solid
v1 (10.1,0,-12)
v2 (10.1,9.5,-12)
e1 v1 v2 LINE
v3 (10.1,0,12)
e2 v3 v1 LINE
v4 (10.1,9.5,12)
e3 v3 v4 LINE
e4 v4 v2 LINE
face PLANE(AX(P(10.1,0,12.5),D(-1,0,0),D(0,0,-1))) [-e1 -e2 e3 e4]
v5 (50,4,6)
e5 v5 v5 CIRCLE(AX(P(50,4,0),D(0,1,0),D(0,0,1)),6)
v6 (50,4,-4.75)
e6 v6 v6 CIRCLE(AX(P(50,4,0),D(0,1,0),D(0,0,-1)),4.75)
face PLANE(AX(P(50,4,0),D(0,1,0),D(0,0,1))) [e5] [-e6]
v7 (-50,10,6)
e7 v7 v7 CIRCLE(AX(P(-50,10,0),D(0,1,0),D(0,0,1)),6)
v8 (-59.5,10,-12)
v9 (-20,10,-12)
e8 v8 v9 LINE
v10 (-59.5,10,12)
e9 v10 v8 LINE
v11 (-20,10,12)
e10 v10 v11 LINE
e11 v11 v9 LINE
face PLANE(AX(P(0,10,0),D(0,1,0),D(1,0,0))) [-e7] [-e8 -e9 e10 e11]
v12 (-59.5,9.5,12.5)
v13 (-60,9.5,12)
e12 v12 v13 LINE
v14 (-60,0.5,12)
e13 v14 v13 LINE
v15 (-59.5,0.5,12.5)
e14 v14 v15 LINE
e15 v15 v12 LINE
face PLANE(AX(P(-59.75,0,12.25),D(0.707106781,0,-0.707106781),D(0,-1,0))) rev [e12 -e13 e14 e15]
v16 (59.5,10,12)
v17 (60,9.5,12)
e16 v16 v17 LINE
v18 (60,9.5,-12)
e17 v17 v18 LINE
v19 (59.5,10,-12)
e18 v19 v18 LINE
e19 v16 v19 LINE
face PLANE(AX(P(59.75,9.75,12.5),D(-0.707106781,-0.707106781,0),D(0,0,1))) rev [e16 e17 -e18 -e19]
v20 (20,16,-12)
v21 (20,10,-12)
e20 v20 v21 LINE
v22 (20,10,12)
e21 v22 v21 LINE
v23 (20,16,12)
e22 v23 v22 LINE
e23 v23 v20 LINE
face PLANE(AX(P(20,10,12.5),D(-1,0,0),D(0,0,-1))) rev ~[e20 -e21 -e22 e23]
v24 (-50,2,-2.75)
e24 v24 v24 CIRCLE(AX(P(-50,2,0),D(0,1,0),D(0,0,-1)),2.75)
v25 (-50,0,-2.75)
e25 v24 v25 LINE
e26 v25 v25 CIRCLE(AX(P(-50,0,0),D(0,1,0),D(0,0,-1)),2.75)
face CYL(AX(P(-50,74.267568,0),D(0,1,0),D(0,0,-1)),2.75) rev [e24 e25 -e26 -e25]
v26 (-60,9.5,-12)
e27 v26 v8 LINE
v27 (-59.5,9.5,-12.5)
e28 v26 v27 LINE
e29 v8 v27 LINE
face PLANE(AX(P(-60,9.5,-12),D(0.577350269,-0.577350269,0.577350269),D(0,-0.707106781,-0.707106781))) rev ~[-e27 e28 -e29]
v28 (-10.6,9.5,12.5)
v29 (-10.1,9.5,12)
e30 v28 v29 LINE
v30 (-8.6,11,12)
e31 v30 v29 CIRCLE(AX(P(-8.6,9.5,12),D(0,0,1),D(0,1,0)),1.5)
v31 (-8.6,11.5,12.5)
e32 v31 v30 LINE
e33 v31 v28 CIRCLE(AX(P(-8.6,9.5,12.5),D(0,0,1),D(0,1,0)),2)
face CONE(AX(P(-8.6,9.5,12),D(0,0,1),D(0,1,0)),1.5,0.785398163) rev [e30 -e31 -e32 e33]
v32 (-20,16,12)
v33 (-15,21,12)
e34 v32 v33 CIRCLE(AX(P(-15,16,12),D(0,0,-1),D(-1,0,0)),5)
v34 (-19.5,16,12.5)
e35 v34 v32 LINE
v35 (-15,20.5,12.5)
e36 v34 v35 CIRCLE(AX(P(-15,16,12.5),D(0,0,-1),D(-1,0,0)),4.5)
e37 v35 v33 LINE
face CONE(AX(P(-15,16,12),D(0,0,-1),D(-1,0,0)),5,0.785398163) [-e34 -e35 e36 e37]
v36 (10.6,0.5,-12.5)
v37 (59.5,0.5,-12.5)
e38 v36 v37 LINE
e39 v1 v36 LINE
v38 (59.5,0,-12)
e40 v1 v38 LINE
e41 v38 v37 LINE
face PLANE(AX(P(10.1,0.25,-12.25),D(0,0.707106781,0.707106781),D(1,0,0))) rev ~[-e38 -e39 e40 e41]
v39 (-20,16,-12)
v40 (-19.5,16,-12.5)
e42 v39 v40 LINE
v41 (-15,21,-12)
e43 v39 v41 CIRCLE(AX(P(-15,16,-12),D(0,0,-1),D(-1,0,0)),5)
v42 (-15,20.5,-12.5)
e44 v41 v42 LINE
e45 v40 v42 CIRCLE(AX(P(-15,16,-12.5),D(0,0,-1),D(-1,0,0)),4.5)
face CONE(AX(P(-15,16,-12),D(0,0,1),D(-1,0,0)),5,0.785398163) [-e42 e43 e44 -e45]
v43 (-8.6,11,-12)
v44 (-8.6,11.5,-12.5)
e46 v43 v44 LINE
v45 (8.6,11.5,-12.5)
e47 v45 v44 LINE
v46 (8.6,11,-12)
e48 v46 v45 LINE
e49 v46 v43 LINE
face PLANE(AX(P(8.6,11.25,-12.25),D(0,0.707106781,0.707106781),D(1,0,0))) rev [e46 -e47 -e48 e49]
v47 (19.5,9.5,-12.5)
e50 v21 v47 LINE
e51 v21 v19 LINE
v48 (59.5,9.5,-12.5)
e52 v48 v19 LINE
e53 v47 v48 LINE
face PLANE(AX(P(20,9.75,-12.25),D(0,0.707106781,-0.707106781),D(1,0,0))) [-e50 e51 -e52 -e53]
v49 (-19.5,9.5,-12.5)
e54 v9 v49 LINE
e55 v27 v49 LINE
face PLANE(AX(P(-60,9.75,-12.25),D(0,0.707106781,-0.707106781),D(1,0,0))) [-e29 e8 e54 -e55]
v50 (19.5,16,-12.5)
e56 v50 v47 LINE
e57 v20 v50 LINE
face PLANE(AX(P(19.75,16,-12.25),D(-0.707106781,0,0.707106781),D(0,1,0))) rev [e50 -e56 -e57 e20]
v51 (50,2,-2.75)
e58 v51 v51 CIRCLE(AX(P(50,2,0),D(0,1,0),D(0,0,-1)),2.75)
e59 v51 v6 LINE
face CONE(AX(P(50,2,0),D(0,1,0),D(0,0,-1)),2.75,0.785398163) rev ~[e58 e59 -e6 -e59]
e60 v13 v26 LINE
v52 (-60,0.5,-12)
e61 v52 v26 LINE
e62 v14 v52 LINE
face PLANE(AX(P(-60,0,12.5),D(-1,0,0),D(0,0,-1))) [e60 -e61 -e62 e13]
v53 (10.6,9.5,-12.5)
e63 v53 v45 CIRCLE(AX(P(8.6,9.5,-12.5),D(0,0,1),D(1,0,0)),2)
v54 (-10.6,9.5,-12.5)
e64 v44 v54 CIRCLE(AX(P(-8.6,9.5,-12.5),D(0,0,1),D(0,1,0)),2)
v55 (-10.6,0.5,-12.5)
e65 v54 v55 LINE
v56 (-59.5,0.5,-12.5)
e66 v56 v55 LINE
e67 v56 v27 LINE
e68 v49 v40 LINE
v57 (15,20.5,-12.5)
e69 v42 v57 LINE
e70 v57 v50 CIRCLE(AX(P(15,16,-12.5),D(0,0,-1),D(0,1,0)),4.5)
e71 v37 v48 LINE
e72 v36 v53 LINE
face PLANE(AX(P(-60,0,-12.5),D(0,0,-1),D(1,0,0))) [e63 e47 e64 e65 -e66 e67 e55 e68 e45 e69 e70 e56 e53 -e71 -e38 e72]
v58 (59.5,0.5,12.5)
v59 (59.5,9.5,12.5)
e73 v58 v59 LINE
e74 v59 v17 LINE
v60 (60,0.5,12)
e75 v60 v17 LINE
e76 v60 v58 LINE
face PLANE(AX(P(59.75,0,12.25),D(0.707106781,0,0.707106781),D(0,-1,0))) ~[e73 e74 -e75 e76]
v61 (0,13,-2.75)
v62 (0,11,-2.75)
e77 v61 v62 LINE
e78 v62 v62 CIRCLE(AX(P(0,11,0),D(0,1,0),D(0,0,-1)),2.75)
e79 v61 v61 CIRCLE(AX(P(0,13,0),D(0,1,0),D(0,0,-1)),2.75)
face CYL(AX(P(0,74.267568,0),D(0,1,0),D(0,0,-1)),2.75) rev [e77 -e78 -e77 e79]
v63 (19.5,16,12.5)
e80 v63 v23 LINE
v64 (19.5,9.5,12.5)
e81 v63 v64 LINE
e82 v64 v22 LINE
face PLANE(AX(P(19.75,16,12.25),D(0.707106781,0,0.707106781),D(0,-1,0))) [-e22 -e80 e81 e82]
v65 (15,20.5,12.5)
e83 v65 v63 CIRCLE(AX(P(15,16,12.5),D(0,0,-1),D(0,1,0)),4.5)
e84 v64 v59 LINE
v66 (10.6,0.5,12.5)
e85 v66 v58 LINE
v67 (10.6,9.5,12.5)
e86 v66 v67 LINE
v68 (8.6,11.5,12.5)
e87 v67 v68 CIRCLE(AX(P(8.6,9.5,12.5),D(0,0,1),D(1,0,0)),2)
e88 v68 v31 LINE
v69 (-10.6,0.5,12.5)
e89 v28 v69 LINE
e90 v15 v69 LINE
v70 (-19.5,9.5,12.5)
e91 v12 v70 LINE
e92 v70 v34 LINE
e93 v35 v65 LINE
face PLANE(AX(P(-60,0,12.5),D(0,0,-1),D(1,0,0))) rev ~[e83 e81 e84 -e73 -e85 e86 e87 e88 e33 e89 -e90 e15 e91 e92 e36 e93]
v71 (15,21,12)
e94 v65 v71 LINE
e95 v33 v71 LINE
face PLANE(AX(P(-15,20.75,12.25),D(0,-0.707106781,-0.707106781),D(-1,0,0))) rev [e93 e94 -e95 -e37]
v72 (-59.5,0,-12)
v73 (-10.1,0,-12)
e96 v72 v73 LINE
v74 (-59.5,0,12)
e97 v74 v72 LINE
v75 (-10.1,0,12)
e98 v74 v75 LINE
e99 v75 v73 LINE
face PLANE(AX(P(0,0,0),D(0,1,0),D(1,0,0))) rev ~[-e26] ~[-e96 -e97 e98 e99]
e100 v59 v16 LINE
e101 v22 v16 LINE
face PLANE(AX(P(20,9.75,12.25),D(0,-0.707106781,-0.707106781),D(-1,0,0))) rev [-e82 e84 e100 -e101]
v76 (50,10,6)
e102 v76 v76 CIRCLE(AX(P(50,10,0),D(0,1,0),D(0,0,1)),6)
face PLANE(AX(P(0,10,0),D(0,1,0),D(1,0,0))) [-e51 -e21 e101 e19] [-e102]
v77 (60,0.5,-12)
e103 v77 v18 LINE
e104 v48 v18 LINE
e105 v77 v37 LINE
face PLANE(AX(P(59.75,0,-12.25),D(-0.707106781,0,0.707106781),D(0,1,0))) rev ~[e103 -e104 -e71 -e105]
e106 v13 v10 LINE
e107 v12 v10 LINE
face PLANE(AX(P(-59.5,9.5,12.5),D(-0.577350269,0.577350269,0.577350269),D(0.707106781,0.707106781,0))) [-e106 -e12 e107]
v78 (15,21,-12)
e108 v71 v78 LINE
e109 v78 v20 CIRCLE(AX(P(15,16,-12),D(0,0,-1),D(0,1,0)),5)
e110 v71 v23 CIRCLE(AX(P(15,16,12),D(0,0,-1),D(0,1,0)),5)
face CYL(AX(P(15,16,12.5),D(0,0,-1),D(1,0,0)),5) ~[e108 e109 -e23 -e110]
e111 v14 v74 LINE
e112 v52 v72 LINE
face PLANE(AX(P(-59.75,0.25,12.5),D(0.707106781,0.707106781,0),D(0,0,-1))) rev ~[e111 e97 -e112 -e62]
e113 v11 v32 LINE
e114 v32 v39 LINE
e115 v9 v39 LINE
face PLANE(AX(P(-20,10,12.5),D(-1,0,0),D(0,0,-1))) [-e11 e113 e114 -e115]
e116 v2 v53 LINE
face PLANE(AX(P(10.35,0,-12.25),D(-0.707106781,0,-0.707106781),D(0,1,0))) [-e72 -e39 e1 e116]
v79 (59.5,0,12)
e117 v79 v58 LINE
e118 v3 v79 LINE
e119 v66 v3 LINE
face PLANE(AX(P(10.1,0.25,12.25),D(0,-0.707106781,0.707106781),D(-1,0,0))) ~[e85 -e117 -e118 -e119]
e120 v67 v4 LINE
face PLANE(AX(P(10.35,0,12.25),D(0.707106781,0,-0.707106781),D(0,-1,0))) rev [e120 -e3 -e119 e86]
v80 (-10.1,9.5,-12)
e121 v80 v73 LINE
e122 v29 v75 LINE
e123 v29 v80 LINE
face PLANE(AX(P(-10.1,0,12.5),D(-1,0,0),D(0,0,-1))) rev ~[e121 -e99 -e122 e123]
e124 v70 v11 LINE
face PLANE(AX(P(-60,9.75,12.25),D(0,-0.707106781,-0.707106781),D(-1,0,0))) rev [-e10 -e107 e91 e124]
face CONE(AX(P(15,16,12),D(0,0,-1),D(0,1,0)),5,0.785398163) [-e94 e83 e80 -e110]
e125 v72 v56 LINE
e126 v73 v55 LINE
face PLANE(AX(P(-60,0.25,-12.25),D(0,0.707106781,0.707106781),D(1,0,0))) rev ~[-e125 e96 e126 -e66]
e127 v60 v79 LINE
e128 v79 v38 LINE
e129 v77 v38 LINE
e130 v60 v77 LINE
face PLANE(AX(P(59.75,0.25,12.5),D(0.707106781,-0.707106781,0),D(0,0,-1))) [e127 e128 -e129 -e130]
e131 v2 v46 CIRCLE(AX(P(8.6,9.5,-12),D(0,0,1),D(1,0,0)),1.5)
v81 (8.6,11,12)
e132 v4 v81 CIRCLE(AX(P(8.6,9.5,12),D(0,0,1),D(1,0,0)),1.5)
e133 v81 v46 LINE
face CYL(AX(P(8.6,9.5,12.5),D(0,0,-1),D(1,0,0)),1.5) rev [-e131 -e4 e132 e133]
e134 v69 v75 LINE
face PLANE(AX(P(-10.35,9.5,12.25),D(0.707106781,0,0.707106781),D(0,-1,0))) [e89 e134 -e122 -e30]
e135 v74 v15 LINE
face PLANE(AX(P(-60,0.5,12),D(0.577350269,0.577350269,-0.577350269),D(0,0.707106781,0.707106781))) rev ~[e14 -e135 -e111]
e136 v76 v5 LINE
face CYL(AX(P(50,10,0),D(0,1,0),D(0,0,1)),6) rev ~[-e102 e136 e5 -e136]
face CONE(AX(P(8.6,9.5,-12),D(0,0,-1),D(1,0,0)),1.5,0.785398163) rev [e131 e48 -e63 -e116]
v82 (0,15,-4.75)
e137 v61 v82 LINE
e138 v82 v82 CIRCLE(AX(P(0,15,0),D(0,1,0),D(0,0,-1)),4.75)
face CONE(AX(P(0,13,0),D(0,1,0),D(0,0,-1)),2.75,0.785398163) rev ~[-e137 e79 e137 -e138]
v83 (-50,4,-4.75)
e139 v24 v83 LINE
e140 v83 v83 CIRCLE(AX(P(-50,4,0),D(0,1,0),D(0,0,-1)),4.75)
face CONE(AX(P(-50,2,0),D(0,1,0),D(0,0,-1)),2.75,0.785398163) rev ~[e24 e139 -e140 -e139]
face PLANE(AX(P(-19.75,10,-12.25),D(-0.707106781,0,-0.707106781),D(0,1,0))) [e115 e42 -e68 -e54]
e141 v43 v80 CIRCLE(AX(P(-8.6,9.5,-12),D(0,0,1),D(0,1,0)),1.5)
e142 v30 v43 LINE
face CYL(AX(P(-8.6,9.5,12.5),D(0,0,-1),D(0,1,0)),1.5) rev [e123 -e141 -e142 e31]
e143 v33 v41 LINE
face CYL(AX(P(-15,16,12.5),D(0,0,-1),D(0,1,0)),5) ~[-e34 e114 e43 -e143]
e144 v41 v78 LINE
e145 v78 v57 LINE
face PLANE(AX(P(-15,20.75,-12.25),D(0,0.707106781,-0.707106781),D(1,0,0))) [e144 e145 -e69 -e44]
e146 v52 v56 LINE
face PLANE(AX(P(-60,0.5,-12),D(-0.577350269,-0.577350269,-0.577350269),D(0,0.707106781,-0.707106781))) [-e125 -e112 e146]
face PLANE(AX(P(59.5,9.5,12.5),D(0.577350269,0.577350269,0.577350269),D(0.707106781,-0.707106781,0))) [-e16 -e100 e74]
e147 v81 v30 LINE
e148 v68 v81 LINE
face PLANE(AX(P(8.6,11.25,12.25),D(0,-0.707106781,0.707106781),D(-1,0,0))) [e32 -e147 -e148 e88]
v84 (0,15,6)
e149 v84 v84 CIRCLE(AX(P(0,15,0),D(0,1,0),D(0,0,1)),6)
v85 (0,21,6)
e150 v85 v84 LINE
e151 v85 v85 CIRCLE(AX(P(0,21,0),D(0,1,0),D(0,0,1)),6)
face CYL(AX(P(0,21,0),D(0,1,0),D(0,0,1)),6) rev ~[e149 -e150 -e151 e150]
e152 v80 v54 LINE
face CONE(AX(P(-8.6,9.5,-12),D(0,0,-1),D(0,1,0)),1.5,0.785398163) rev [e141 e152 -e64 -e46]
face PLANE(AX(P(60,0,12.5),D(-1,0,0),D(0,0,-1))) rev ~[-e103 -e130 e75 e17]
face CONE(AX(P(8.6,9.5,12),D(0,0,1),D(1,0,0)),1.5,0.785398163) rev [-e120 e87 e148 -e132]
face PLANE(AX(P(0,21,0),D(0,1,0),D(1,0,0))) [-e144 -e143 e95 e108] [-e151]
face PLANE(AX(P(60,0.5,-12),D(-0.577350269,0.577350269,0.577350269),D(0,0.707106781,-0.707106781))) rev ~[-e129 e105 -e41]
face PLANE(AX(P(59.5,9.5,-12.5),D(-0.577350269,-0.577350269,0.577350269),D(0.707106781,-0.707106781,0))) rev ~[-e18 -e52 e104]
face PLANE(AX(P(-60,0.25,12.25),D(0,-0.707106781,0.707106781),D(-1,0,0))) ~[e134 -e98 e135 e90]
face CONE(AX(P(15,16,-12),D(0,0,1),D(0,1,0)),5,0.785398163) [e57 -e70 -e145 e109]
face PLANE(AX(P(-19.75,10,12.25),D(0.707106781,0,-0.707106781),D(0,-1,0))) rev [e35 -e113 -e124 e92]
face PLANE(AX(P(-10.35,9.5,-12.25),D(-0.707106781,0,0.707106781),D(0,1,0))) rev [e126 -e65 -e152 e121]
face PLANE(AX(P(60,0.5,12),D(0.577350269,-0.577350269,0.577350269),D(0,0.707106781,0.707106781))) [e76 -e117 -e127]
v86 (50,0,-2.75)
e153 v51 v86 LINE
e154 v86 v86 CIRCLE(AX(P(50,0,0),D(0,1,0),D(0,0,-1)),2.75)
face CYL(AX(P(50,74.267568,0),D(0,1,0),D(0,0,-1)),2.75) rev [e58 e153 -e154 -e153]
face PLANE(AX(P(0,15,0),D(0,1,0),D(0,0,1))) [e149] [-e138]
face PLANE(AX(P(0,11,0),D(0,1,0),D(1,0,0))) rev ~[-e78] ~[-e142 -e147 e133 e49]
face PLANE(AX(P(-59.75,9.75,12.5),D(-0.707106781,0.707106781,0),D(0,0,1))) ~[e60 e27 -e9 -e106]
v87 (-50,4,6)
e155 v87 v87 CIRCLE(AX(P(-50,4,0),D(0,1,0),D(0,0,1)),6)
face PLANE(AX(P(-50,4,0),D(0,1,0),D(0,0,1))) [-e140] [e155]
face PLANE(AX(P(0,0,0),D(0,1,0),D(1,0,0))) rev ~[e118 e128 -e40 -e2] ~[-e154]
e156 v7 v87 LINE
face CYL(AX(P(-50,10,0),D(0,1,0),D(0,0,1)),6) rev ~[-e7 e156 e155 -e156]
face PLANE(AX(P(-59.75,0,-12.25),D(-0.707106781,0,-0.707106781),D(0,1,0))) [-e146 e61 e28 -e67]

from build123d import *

# Parameters (mm, degrees)
SKETCH1_W               = 120
SKETCH1_H               = 25
BOSS_EXTRUDE1_DEPTH     = 10
SKETCH2_W               = 40
SKETCH2_H               = 25
BOSS_EXTRUDE2_DEPTH     = 11
SKETCH3_W               = 20.2
SKETCH3_H               = 25
CUT_EXTRUDE1_DEPTH      = 11
CUT_EXTRUDE2_DEPTH      = 63.267567802
CUT_EXTRUDE2_DEPTH_BACK = 63.267567802
SKETCH4_R               = 2.75
FILLET1_R               = 5
FILLET2_R               = 1.5
CHAMFER1_SIZE           = 0.5
SKETCH5_R               = 6
CUT_EXTRUDE3_DEPTH      = 6
CHAMFER2_SIZE           = 2
SKETCH6_R               = 6
CUT_EXTRUDE4_DEPTH      = 6
CHAMFER3_SIZE           = 2


with BuildPart() as part:
    # Sketch1 → Boss-Extrude1 (new body)
    with BuildSketch(Plane(origin=(0, 0, 0), x_dir=(1, 0, 0), z_dir=(0, 1, 0))):
        Rectangle(SKETCH1_W, SKETCH1_H)
    extrude(amount=BOSS_EXTRUDE1_DEPTH)

    # Sketch2 → Boss-Extrude2 (add)
    with BuildSketch(Plane(origin=(0, 10, 0), x_dir=(1, 0, 0), z_dir=(0, 1, 0))):
        Rectangle(SKETCH2_W, SKETCH2_H)
    extrude(amount=BOSS_EXTRUDE2_DEPTH)

    # Sketch3 → Cut-Extrude1 (cut)
    with BuildSketch(Plane(origin=(0, 0, 0), x_dir=(1, 0, 0), z_dir=(0, 1, 0))):
        Rectangle(SKETCH3_W, SKETCH3_H)
    extrude(amount=CUT_EXTRUDE1_DEPTH, mode=Mode.SUBTRACT)

    # Sketch4 → Cut-Extrude2 (cut, two sides: drawn at the far end of the back side and taken through both)
    with BuildSketch(Plane.XZ.offset(-11).offset(-CUT_EXTRUDE2_DEPTH_BACK)):
        with Locations(Location((0, 0, 0), (0, 0, 270))):
            Circle(SKETCH4_R)
        with Locations(Location((-50, 0, 0), (0, 0, 270))):
            Circle(SKETCH4_R)
        with Locations(Location((50, 0, 0), (0, 0, 270))):
            Circle(SKETCH4_R)
    extrude(amount=CUT_EXTRUDE2_DEPTH + CUT_EXTRUDE2_DEPTH_BACK, mode=Mode.SUBTRACT)

    # Fillet1
    fillet1_edges = [part.edges().sort_by_distance(p)[0] for p in [
        (-20, 21, 0),
        (20, 21, 0),
    ]]
    fillet(fillet1_edges, radius=FILLET1_R)

    # Fillet2
    fillet2_edges = [part.edges().sort_by_distance(p)[0] for p in [
        (-10.1, 11, 0),
        (10.1, 11, 0),
    ]]
    fillet(fillet2_edges, radius=FILLET2_R)

    # Chamfer1
    chamfer1_edges = [part.edges().sort_by_distance(p)[0] for p in [
        (60, 10, 0),
        (40, 10, 12.5),
        (-40, 10, -12.5),
        (40, 10, -12.5),
        (-35.05, 0, -12.5),
        (35.05, 0, 12.5),
        (-60, 10, 0),
        (35.05, 0, -12.5),
        (60, 0, 0),
        (-35.05, 0, 12.5),
        (0, 21, 12.5),
        (0, 21, -12.5),
        (20, 13, 12.5),
        (-20, 13, 12.5),
        (18.535533906, 19.535533906, 12.5),
        (-60, 0, 0),
        (-18.535533906, 19.535533906, 12.5),
        (-20, 13, -12.5),
        (20, 13, -12.5),
        (18.535533906, 19.535533906, -12.5),
        (-18.535533906, 19.535533906, -12.5),
        (10.1, 4.75, 12.5),
        (10.1, 4.75, -12.5),
        (0, 11, -12.5),
        (0, 11, 12.5),
        (-10.1, 4.75, -12.5),
        (-10.1, 4.75, 12.5),
        (9.660660172, 10.560660172, -12.5),
        (9.660660172, 10.560660172, 12.5),
        (-9.660660172, 10.560660172, 12.5),
        (-9.660660172, 10.560660172, -12.5),
        (-60, 5, -12.5),
        (60, 5, -12.5),
        (60, 5, 12.5),
        (-60, 5, 12.5),
        (-40, 10, 12.5),
    ]]
    chamfer(chamfer1_edges, length=CHAMFER1_SIZE)

    # Sketch5 → Cut-Extrude3 (cut)
    with BuildSketch(Plane(origin=(0, 10, 0), x_dir=(1, 0, 0), z_dir=(0, 1, 0))):
        with Locations(Location((-50, 0, 0), (0, 0, 270))):
            Circle(SKETCH5_R)
        with Locations(Location((50, 0, 0), (0, 0, 270))):
            Circle(SKETCH5_R)
    extrude(amount=-CUT_EXTRUDE3_DEPTH, mode=Mode.SUBTRACT)

    # Chamfer2
    chamfer2_edges = [part.edges().sort_by_distance(p)[0] for p in [
        (-50, 4, 2.75),
        (50, 4, 2.75),
    ]]
    chamfer(chamfer2_edges, length=CHAMFER2_SIZE)

    # Sketch6 → Cut-Extrude4 (cut)
    with BuildSketch(Plane(origin=(0, 21, 0), x_dir=(1, 0, 0), z_dir=(0, 1, 0))):
        with Locations(Location((0, 0, 0), (0, 0, 270))):
            Circle(SKETCH6_R)
    extrude(amount=-CUT_EXTRUDE4_DEPTH, mode=Mode.SUBTRACT)

    # Chamfer3
    chamfer3_edges = [part.edges().sort_by_distance(p)[0] for p in [
        (0, 15, 2.75),
    ]]
    chamfer(chamfer3_edges, length=CHAMFER3_SIZE)


solid = part.part
